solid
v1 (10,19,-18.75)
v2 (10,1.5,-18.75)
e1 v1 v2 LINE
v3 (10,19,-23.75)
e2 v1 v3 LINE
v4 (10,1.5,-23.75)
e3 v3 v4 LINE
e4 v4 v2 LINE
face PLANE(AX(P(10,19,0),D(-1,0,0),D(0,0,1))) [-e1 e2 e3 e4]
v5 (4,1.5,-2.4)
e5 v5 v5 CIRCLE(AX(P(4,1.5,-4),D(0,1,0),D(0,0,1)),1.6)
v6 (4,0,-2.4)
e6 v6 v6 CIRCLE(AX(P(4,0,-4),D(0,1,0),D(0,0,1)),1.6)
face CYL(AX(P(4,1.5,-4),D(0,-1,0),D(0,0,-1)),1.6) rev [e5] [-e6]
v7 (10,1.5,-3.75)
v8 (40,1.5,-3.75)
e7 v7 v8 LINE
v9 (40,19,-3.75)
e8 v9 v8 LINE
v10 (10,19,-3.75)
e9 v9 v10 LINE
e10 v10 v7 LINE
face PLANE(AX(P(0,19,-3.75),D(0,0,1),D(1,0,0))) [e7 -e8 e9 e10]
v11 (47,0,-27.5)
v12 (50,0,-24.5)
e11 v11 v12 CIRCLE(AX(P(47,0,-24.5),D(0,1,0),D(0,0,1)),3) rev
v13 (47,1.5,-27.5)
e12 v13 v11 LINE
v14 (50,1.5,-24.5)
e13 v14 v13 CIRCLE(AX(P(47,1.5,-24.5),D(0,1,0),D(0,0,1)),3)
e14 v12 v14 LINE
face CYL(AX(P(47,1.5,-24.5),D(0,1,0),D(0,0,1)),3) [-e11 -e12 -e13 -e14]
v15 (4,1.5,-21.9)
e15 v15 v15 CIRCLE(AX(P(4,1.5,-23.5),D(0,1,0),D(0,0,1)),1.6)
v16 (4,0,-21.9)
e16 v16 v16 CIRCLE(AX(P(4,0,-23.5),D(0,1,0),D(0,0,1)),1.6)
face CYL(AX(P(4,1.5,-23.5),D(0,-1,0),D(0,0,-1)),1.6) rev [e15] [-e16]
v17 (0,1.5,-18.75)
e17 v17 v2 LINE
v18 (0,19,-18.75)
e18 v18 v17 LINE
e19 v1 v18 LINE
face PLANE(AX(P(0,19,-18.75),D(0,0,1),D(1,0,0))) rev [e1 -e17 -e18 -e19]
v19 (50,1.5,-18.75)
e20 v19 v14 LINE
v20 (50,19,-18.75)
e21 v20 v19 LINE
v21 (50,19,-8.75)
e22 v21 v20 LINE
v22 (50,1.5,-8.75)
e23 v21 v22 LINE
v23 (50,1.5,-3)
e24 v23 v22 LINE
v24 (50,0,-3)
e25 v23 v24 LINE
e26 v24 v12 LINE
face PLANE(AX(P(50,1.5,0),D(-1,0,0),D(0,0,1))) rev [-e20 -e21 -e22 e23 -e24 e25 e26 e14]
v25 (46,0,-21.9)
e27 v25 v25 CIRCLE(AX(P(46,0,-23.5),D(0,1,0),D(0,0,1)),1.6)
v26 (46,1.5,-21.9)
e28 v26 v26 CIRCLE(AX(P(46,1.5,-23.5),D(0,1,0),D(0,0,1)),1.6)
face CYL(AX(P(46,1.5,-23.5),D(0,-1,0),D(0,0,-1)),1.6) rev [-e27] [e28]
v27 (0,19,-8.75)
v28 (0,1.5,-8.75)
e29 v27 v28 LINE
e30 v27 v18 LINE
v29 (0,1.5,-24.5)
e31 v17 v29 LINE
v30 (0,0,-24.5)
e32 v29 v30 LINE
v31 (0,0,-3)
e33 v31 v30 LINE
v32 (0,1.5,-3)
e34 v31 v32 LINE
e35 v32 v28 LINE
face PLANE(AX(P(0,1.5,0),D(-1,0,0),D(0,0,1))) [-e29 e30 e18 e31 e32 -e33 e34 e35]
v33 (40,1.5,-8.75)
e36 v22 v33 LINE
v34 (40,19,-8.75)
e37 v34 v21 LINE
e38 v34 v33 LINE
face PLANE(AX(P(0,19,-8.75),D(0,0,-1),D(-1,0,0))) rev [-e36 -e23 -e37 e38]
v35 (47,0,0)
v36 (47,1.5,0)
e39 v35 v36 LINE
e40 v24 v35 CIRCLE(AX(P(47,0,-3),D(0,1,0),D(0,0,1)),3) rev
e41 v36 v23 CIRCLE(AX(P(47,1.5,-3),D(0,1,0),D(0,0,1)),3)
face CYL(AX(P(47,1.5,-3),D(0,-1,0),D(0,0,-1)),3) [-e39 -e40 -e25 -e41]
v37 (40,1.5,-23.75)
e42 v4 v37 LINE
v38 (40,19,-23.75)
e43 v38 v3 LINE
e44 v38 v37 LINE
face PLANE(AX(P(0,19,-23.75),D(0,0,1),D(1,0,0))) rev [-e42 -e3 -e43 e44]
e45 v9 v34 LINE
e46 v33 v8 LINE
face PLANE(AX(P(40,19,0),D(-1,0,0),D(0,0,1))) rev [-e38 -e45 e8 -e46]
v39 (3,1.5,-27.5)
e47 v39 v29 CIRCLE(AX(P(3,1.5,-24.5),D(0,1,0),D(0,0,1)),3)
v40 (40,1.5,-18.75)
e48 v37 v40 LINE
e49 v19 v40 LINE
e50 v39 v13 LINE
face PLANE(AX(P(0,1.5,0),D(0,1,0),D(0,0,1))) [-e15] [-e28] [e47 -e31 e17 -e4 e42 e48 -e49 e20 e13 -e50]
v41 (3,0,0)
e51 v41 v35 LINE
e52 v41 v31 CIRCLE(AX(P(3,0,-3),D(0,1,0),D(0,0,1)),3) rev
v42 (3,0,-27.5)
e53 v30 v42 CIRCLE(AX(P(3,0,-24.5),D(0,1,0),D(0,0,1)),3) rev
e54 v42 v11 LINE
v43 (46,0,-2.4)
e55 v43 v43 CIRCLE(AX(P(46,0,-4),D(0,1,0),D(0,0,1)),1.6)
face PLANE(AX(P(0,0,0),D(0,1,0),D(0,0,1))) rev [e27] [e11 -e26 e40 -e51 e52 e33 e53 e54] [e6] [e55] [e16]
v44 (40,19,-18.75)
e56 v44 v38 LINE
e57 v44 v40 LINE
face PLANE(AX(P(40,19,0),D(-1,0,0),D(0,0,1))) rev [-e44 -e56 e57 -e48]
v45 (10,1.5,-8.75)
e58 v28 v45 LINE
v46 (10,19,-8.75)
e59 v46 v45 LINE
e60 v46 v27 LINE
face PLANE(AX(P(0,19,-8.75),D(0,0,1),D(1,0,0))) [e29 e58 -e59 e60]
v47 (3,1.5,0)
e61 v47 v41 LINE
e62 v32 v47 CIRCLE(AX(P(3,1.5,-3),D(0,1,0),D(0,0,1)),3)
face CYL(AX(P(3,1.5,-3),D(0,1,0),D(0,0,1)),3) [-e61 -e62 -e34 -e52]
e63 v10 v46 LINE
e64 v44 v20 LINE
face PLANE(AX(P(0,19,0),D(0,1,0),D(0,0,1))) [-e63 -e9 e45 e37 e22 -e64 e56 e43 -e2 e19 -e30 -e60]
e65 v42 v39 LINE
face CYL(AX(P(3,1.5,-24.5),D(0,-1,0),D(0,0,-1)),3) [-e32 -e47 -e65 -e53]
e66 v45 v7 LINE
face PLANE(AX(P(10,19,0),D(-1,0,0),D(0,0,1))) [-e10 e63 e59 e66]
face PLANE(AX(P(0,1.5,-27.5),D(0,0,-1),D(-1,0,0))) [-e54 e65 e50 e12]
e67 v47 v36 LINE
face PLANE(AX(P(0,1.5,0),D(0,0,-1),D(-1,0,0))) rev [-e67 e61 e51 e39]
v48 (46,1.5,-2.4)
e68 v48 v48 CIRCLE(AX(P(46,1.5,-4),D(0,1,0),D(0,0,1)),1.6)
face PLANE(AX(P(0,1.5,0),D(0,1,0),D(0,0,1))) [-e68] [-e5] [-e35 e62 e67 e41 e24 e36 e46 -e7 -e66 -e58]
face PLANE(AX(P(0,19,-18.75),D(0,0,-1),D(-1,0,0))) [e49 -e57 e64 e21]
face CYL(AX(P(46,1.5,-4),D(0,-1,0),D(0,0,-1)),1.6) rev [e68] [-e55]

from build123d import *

# Parameters (mm, degrees)
SKETCH2_W           = 50
SKETCH2_H           = 27.5
SKETCH2_R           = 1.6
BOSS_EXTRUDE1_DEPTH = 1.5
FILLET1_R           = 3
SKETCH3_W           = 10
SKETCH3_H           = 10
BOSS_EXTRUDE2_DEPTH = 19


with BuildPart() as part:
    # Sketch2 → Boss-Extrude1 (new body)
    with BuildSketch(Plane(origin=(0, 0, 0), x_dir=(1, 0, 0), z_dir=(0, 1, 0))):
        with Locations((25, 13.75)):
            Rectangle(SKETCH2_W, SKETCH2_H)
        with Locations(Location((46, 23.5, 0), (0, 0, 270))):
            Circle(SKETCH2_R, mode=Mode.SUBTRACT)
        with Locations(Location((46, 4, 0), (0, 0, 270))):
            Circle(SKETCH2_R, mode=Mode.SUBTRACT)
        with Locations(Location((4, 23.5, 0), (0, 0, 270))):
            Circle(SKETCH2_R, mode=Mode.SUBTRACT)
        with Locations(Location((4, 4, 0), (0, 0, 270))):
            Circle(SKETCH2_R, mode=Mode.SUBTRACT)
    extrude(amount=BOSS_EXTRUDE1_DEPTH)

    # Fillet1
    fillet1_edges = [part.edges().sort_by_distance(p)[0] for p in [
        (0, 0.75, 0),
        (0, 0.75, -27.5),
        (50, 0.75, -27.5),
        (50, 0.75, 0),
    ]]
    fillet(fillet1_edges, radius=FILLET1_R)

    # Sketch3 → Boss-Extrude2 (add)
    with BuildSketch(Plane(origin=(0, 0, 0), x_dir=(1, 0, 0), z_dir=(0, 1, 0))):
        with Locations((5, 13.75)):
            Rectangle(SKETCH3_W, SKETCH3_H)
        Polygon((10, 18.75), (10, 8.75), (10, 3.75), (40, 3.75), (40, 8.75), (40, 18.75), (40, 23.75), (10, 23.75), align=None)
        with Locations((45, 13.75)):
            Rectangle(SKETCH3_W, SKETCH3_H)
    extrude(amount=BOSS_EXTRUDE2_DEPTH)


solid = part.part
